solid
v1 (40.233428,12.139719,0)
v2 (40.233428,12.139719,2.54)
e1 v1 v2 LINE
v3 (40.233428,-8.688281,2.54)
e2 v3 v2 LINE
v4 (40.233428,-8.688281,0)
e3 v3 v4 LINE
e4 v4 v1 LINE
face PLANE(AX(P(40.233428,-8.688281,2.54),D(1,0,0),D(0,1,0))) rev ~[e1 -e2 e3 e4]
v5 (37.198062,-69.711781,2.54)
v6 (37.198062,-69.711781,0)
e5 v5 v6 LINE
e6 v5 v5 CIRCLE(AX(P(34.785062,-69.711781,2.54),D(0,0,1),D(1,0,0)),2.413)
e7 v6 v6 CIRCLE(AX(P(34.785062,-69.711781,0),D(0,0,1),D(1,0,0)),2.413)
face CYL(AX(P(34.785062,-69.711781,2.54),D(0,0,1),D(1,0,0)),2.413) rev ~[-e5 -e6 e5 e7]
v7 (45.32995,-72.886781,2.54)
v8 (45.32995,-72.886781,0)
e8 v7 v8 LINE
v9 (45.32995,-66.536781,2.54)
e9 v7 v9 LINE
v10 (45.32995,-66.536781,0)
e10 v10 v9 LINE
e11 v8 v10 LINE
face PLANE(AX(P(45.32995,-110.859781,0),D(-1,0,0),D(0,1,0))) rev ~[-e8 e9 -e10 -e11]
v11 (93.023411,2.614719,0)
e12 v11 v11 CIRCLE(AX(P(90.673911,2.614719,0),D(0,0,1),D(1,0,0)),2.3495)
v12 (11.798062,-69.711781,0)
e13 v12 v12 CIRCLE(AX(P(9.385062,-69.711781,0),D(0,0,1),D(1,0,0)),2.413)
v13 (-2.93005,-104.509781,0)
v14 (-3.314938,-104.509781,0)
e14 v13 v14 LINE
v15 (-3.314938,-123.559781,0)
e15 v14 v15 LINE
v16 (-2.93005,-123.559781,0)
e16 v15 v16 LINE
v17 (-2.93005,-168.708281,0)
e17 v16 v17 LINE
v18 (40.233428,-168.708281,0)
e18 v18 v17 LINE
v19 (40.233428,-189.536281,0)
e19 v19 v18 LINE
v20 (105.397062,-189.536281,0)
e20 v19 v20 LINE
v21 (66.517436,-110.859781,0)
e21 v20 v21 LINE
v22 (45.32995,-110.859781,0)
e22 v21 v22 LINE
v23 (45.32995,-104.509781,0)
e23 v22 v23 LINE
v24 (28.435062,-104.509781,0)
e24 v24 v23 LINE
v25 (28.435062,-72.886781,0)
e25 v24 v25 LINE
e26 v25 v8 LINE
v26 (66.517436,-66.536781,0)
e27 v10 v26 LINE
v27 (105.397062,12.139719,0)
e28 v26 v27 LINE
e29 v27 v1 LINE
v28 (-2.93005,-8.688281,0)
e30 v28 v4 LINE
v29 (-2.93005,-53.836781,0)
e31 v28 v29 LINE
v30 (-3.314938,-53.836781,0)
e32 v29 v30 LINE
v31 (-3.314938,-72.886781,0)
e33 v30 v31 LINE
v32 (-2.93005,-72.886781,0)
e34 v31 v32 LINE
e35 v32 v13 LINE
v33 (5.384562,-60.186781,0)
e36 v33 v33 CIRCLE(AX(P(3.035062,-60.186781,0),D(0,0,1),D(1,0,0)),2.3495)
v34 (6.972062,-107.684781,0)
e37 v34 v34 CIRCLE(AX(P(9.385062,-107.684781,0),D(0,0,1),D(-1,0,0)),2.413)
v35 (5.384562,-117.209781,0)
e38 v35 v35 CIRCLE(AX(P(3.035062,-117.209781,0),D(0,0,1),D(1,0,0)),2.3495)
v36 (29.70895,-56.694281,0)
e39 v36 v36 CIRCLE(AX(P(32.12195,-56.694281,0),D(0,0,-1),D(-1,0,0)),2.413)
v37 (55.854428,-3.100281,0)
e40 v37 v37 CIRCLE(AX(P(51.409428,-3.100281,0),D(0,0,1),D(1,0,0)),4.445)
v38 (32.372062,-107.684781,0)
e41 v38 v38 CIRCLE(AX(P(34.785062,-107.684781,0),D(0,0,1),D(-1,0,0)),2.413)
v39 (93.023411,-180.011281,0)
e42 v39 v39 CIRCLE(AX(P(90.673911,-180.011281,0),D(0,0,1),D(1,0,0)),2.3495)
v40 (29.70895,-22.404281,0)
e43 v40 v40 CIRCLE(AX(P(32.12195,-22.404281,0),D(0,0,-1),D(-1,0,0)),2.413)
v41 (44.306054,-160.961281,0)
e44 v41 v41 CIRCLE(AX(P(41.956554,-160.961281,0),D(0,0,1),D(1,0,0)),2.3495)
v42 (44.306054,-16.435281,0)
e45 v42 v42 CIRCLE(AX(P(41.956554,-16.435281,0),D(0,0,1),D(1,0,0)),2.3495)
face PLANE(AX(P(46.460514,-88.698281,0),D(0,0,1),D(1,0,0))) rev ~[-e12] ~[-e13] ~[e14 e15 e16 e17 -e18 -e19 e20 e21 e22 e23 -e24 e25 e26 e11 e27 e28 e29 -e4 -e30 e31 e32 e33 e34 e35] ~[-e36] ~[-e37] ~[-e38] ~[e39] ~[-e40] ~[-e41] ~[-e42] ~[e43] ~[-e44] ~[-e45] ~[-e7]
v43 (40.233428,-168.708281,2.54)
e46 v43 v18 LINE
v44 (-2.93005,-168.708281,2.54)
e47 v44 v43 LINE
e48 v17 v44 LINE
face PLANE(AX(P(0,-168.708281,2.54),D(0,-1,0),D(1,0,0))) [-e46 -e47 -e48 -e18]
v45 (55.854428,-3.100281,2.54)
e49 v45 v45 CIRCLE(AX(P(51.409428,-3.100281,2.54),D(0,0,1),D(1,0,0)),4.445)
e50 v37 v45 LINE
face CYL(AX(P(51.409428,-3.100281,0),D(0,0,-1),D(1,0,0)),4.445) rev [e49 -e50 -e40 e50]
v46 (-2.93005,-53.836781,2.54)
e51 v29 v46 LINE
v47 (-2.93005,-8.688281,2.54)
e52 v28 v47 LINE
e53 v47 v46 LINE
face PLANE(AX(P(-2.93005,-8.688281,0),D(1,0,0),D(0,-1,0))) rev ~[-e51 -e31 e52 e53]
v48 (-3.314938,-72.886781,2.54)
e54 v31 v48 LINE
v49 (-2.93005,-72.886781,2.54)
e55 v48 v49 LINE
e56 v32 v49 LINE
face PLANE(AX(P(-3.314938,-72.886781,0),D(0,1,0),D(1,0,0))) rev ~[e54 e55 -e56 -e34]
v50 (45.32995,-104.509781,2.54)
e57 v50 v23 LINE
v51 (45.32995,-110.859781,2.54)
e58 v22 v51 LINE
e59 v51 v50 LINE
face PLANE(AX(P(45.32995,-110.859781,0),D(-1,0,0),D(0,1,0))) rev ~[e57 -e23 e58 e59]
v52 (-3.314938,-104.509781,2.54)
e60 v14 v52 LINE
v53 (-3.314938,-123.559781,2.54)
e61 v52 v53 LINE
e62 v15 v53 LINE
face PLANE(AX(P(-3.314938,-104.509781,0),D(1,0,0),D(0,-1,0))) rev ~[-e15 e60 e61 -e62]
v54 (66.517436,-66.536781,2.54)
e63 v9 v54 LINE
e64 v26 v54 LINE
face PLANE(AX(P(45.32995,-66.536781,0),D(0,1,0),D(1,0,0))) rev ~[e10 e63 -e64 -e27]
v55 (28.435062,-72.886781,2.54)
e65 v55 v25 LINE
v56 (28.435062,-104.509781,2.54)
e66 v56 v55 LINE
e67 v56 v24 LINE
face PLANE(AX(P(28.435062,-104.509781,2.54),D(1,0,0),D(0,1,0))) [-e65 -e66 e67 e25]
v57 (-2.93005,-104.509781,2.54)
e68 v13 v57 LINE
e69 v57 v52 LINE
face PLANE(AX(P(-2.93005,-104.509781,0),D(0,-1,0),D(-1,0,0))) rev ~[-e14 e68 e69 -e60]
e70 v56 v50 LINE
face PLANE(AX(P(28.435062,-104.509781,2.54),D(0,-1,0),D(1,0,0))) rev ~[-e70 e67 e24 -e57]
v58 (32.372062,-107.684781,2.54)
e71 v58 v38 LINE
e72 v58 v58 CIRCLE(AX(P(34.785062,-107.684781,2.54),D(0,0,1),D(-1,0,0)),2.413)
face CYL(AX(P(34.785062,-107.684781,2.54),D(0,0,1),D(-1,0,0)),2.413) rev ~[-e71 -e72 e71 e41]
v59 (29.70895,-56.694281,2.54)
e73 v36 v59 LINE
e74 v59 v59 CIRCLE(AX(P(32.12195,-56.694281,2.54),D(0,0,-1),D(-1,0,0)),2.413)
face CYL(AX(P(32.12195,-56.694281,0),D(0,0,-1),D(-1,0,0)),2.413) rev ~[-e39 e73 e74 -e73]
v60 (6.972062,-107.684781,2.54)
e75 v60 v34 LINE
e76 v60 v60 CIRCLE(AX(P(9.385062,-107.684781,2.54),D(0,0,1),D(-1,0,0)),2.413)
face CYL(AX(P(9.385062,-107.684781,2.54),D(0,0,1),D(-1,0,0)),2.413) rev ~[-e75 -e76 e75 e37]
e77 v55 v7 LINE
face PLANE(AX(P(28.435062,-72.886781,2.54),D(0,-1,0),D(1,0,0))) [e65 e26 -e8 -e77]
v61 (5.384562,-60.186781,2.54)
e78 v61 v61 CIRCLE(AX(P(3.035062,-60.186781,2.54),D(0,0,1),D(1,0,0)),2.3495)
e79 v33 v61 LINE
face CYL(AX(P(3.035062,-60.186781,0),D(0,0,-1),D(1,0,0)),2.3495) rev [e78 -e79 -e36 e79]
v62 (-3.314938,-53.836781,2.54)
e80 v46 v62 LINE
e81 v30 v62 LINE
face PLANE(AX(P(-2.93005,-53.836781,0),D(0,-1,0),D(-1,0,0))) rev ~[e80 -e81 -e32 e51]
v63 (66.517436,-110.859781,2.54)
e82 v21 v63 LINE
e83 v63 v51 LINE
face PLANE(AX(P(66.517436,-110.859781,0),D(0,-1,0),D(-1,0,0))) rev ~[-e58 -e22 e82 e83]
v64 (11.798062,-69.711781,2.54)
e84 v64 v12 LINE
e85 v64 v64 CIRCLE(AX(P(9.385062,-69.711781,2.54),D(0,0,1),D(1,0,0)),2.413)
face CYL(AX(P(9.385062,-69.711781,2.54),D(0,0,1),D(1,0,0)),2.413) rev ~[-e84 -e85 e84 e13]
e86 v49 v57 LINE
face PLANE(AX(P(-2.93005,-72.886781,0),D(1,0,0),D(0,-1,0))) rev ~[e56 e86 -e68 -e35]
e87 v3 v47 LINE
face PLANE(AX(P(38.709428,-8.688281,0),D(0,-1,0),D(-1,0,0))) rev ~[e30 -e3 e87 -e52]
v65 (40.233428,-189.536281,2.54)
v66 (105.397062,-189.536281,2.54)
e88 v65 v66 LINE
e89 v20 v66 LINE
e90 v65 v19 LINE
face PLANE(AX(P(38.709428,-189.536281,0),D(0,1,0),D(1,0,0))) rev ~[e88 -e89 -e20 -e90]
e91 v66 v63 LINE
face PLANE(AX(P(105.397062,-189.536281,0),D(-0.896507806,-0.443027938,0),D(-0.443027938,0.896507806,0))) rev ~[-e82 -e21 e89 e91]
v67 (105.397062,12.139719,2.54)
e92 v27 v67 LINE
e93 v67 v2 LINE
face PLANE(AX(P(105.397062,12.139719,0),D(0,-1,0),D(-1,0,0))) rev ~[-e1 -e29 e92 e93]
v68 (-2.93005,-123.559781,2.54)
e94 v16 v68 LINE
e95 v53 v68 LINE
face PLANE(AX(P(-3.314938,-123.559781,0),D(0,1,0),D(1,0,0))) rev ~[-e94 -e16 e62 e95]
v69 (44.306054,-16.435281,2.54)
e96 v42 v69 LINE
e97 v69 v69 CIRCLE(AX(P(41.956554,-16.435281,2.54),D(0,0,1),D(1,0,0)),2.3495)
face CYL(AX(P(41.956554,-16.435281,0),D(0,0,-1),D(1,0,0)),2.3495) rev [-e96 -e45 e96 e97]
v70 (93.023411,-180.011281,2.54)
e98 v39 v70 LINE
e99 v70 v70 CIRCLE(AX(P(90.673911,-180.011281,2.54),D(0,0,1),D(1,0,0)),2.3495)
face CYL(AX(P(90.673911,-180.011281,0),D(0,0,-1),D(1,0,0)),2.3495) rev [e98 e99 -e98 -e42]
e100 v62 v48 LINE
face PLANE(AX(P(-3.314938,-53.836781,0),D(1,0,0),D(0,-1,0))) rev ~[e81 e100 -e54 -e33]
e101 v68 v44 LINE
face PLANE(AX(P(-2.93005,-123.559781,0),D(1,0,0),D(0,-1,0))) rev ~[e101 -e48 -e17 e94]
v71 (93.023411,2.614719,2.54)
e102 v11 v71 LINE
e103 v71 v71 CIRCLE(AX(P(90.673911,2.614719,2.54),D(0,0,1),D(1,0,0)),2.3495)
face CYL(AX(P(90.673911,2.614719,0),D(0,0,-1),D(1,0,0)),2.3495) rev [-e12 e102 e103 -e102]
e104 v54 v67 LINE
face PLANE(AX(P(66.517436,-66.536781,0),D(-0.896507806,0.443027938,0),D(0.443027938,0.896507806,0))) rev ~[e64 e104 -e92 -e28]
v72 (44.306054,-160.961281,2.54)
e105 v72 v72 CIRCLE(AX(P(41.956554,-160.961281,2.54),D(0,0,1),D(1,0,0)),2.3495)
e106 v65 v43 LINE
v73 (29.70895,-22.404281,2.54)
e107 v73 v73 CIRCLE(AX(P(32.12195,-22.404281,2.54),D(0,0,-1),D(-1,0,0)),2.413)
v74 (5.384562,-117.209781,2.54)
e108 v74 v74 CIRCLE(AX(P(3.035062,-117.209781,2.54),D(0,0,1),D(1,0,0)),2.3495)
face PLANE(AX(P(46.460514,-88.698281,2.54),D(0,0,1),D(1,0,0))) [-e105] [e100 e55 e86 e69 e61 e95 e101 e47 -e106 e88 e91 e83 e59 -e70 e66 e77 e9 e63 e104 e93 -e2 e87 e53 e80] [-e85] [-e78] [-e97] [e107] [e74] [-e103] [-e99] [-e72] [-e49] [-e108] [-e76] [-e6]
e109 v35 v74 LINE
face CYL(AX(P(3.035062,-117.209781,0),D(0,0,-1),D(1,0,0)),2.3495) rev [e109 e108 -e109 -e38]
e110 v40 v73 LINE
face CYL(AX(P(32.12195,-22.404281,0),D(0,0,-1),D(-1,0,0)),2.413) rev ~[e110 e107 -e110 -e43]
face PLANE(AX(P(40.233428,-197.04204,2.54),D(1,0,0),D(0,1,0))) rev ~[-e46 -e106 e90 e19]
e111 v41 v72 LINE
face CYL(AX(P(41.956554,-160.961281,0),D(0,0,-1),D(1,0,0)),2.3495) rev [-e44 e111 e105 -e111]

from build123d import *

# Parameters (mm, degrees)
SKETCH1_R           = 2.3495
SKETCH1_R_2         = 4.445
BOSS_EXTRUDE1_DEPTH = 2.54
SKETCH2_R           = 2.413
CUT_EXTRUDE1_DEPTH  = 217.884748371
SKETCH3_W           = 16.89488816
SKETCH3_H           = 31.623
CUT_EXTRUDE2_DEPTH  = 217.884748371
SKETCH4_W           = 12.77569874
SKETCH4_H           = 24.435209008
SKETCH4_W_2         = 40.233428475
SKETCH4_H_2         = 28.333759116
CUT_EXTRUDE3_DEPTH  = 217.884748371
SKETCH5_R           = 2.413
CUT_EXTRUDE4_DEPTH  = 217.884748371


with BuildPart() as part:
    # Sketch1 → Boss-Extrude1 (new body)
    with BuildSketch(Plane.XY):
        Polygon((-2.930050059, -104.509781075), (-3.314938219, -104.509781075), (-3.314938219, -110.859781075), (-3.314938219, -123.559781075), (-2.930050059, -123.559781075), (-2.930050059, -168.708281075), (38.709428475, -168.708281075), (38.709428475, -189.536281075), (105.397061781, -189.536281075), (66.517436481, -110.859781075), (45.329949941, -110.859781075), (45.329949941, -104.509781075), (45.329949941, -72.886781075), (45.329949941, -66.536781075), (66.517436481, -66.536781075), (105.397061781, 12.139718925), (38.709428475, 12.139718925), (38.709428475, -8.688281075), (-2.930050059, -8.688281075), (-2.930050059, -53.836781075), (-3.314938219, -53.836781075), (-3.314938219, -66.536781075), (-3.314938219, -72.886781075), (-2.930050059, -72.886781075), align=None)
        with Locations((90.673911143, 2.614718925)):
            Circle(SKETCH1_R, mode=Mode.SUBTRACT)
        with Locations((41.95655448, -16.435281075)):
            Circle(SKETCH1_R, mode=Mode.SUBTRACT)
        with Locations((3.035061781, -60.186781075)):
            Circle(SKETCH1_R, mode=Mode.SUBTRACT)
        with Locations((3.035061781, -117.209781075)):
            Circle(SKETCH1_R, mode=Mode.SUBTRACT)
        with Locations((41.95655448, -160.961281075)):
            Circle(SKETCH1_R, mode=Mode.SUBTRACT)
        with Locations((90.673911143, -180.011281075)):
            Circle(SKETCH1_R, mode=Mode.SUBTRACT)
        with Locations((51.409428475, -3.100281075)):
            Circle(SKETCH1_R_2, mode=Mode.SUBTRACT)
    extrude(amount=BOSS_EXTRUDE1_DEPTH)

    # Sketch2 → Cut-Extrude1 (cut, through all)
    with BuildSketch(Plane.XY.offset(2.54)):
        with Locations((9.385061781, -69.711781075)):
            Circle(SKETCH2_R)
        with Locations((34.785061781, -69.711781075)):
            Circle(SKETCH2_R)
        with Locations(Location((34.785061781, -107.684781075, 0), (0, 0, 180))):
            Circle(SKETCH2_R)
        with Locations(Location((9.385061781, -107.684781075, 0), (0, 0, 180))):
            Circle(SKETCH2_R)
    extrude(amount=-CUT_EXTRUDE1_DEPTH, mode=Mode.SUBTRACT)

    # Sketch3 → Cut-Extrude2 (cut, through all)
    with BuildSketch(Plane.XY.offset(2.54)):
        with Locations((36.882505861, -88.698281075)):
            Rectangle(SKETCH3_W, SKETCH3_H)
    extrude(amount=-CUT_EXTRUDE2_DEPTH, mode=Mode.SUBTRACT)

    # Sketch4 → Cut-Extrude3 (cut, through all)
    with BuildSketch(Plane.XY.offset(2.54)):
        with Locations((33.845579105, 3.529323429)):
            Rectangle(SKETCH4_W, SKETCH4_H)
        with Locations((20.116714238, -182.875160633)):
            Rectangle(SKETCH4_W_2, SKETCH4_H_2)
    extrude(amount=-CUT_EXTRUDE3_DEPTH, mode=Mode.SUBTRACT)

    # Sketch5 → Cut-Extrude4 (cut, through all)
    with BuildSketch(Plane(origin=(0, 0, 0), x_dir=(-1, 0, 0), z_dir=(0, 0, -1))):
        with Locations((-32.121949941, -22.404281075)):
            Circle(SKETCH5_R)
        with Locations((-32.121949941, -56.694281075)):
            Circle(SKETCH5_R)
    extrude(amount=-CUT_EXTRUDE4_DEPTH, mode=Mode.SUBTRACT)


solid = part.part
